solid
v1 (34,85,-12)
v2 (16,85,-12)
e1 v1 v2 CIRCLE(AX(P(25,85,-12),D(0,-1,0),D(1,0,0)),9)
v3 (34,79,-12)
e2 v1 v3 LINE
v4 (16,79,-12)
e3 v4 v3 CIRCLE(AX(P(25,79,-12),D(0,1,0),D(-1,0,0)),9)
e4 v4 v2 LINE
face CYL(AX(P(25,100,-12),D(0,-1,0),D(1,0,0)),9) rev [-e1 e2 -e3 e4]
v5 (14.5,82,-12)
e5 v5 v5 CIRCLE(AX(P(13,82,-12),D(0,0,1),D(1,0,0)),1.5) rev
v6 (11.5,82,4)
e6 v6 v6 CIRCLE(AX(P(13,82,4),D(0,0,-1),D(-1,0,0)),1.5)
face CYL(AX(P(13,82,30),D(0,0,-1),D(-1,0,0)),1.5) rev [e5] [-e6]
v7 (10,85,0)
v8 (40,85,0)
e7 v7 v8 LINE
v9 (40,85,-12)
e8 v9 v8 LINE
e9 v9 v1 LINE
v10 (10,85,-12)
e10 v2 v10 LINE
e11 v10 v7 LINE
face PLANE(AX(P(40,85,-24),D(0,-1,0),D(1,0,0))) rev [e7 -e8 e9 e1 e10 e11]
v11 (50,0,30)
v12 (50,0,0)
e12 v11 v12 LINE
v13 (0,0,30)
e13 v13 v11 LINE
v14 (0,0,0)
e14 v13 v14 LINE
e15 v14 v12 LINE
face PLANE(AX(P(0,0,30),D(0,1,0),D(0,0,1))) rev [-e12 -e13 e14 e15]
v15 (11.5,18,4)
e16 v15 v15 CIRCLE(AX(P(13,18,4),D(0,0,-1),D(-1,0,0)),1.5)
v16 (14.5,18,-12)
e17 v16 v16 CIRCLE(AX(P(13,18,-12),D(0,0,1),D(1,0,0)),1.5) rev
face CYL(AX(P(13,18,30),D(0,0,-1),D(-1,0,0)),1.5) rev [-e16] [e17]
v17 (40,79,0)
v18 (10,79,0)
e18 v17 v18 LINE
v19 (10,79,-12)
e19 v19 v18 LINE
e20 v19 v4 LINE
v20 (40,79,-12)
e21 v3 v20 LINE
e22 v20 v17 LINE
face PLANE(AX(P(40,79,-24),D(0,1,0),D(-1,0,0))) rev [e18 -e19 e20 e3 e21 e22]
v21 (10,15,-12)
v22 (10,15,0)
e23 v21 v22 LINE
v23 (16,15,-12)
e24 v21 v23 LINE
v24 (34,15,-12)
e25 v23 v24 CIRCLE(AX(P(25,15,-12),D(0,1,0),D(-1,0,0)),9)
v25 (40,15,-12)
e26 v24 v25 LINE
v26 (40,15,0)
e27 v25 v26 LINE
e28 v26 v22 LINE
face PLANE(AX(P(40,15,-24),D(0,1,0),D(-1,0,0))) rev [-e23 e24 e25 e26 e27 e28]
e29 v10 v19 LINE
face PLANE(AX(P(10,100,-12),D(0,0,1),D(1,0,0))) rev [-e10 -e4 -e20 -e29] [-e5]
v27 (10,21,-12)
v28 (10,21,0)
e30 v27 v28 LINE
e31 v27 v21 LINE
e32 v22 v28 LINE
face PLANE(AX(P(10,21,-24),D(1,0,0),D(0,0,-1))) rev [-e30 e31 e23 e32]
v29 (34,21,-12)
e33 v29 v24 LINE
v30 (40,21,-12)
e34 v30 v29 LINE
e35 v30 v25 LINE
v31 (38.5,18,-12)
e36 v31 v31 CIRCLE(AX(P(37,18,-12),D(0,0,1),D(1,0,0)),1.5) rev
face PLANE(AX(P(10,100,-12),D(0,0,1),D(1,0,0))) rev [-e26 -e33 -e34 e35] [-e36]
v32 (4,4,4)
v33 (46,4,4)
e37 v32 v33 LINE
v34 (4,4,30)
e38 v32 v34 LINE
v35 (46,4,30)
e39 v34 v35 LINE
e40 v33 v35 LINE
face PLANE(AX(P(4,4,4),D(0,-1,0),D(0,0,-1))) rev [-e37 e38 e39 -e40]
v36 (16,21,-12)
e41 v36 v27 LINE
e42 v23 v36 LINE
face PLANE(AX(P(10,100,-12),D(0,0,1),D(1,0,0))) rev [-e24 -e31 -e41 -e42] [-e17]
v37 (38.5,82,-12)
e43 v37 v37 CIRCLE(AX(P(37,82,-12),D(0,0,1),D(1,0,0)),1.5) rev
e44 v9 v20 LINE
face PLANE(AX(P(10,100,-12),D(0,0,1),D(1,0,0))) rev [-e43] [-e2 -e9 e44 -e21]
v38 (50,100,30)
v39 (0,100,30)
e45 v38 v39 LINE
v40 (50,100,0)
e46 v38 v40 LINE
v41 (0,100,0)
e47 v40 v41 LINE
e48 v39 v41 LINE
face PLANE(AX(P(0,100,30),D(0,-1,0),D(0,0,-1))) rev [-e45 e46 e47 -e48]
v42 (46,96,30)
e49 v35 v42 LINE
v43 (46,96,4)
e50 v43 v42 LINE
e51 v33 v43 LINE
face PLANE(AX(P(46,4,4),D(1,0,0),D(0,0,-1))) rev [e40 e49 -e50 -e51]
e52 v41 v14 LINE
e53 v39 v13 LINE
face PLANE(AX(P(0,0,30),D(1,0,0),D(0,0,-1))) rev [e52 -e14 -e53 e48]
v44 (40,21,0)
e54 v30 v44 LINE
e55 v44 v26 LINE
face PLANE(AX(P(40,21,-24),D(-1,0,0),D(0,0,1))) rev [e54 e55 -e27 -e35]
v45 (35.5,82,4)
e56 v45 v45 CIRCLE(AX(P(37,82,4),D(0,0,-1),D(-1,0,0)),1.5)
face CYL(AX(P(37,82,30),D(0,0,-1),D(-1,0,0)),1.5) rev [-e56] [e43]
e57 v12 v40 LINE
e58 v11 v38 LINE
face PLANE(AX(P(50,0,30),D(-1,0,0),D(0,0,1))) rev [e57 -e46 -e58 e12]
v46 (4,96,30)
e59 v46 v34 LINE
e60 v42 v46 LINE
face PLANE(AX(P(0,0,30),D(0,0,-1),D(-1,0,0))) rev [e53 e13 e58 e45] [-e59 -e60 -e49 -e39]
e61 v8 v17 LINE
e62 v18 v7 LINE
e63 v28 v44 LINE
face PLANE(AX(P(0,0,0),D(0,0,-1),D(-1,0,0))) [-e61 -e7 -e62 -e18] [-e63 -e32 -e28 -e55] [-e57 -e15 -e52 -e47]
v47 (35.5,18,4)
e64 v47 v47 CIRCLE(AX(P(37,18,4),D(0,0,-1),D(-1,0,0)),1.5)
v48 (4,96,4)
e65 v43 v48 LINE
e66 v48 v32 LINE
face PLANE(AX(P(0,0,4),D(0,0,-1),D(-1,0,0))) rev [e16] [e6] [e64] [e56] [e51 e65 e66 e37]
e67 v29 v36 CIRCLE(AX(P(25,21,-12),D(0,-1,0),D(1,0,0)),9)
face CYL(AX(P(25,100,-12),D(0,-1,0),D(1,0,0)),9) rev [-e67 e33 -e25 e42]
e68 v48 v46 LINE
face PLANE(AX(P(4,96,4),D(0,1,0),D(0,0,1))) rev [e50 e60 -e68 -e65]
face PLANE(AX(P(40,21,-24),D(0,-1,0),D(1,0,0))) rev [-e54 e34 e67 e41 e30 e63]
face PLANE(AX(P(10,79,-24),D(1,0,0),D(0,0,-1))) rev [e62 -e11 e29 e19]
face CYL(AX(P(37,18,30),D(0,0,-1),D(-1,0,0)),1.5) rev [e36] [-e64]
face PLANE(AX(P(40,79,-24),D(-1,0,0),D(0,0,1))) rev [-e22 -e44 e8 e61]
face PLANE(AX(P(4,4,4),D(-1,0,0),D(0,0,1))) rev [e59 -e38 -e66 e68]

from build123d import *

# Parameters (mm, degrees)
SKETCH1_W               = 50
SKETCH1_H               = 100
BOSS_EXTRUDE1_DEPTH     = 30
SKETCH2_W               = 42
SKETCH2_H               = 92
CUT_EXTRUDE1_DEPTH      = 26
SKETCH3_W               = 30
SKETCH3_H               = 6
BOSS_EXTRUDE2_DEPTH     = 24
CUT_EXTRUDE2_DEPTH      = 104.07764064
CUT_EXTRUDE2_DEPTH_BACK = 104.07764064
SKETCH4_R               = 9
CUT_EXTRUDE3_DEPTH      = 125.161185561
CUT_EXTRUDE3_DEPTH_BACK = 125.161185561
SKETCH5_R               = 1.5
CUT_EXTRUDE4_DEPTH      = 104.07764064
CUT_EXTRUDE4_DEPTH_BACK = 104.07764064
SKETCH6_W               = 30
SKETCH6_H               = 12


with BuildPart() as part:
    # Sketch1 → Boss-Extrude1 (new body)
    with BuildSketch(Plane.XY):
        with Locations((25, 50)):
            Rectangle(SKETCH1_W, SKETCH1_H)
    extrude(amount=BOSS_EXTRUDE1_DEPTH)

    # Sketch2 → Cut-Extrude1 (cut)
    with BuildSketch(Plane.XY.offset(30)):
        with Locations((25, 50)):
            Rectangle(SKETCH2_W, SKETCH2_H)
    extrude(amount=-CUT_EXTRUDE1_DEPTH, mode=Mode.SUBTRACT)

    # Sketch3 → Boss-Extrude2 (add)
    with BuildSketch(Plane(origin=(0, 0, 0), x_dir=(-1, 0, 0), z_dir=(0, 0, -1))):
        with Locations((-25, 18)):
            Rectangle(SKETCH3_W, SKETCH3_H)
        with Locations((-25, 82)):
            Rectangle(SKETCH3_W, SKETCH3_H)
    extrude(amount=BOSS_EXTRUDE2_DEPTH)

    # Sketch4 → Cut-Extrude2 (cut, two sides: drawn at the far end of the back side and taken through both)
    with BuildSketch(Plane.XZ.offset(-15).offset(-CUT_EXTRUDE2_DEPTH_BACK)):
        with Locations((25, -12)):
            Circle(SKETCH4_R)
    extrude(amount=CUT_EXTRUDE2_DEPTH + CUT_EXTRUDE2_DEPTH_BACK, mode=Mode.SUBTRACT)

    # Sketch5 → Cut-Extrude3 (cut, two sides: drawn at the far end of the back side and taken through both)
    with BuildSketch(Plane(origin=(0, 0, -24), x_dir=(-1, 0, 0), z_dir=(0, 0, -1)).offset(-CUT_EXTRUDE3_DEPTH_BACK)):
        with Locations((-13, 18)):
            Circle(SKETCH5_R)
        with Locations((-37, 18)):
            Circle(SKETCH5_R)
        with Locations((-13, 82)):
            Circle(SKETCH5_R)
        with Locations((-37, 82)):
            Circle(SKETCH5_R)
    extrude(amount=CUT_EXTRUDE3_DEPTH + CUT_EXTRUDE3_DEPTH_BACK, mode=Mode.SUBTRACT)

    # Sketch6 → Cut-Extrude4 (cut, two sides: drawn at the far end of the back side and taken through both)
    with BuildSketch(Plane.XZ.offset(-15).offset(-CUT_EXTRUDE4_DEPTH_BACK)):
        with Locations((25, -18)):
            Rectangle(SKETCH6_W, SKETCH6_H)
    extrude(amount=CUT_EXTRUDE4_DEPTH + CUT_EXTRUDE4_DEPTH_BACK, mode=Mode.SUBTRACT)


solid = part.part
